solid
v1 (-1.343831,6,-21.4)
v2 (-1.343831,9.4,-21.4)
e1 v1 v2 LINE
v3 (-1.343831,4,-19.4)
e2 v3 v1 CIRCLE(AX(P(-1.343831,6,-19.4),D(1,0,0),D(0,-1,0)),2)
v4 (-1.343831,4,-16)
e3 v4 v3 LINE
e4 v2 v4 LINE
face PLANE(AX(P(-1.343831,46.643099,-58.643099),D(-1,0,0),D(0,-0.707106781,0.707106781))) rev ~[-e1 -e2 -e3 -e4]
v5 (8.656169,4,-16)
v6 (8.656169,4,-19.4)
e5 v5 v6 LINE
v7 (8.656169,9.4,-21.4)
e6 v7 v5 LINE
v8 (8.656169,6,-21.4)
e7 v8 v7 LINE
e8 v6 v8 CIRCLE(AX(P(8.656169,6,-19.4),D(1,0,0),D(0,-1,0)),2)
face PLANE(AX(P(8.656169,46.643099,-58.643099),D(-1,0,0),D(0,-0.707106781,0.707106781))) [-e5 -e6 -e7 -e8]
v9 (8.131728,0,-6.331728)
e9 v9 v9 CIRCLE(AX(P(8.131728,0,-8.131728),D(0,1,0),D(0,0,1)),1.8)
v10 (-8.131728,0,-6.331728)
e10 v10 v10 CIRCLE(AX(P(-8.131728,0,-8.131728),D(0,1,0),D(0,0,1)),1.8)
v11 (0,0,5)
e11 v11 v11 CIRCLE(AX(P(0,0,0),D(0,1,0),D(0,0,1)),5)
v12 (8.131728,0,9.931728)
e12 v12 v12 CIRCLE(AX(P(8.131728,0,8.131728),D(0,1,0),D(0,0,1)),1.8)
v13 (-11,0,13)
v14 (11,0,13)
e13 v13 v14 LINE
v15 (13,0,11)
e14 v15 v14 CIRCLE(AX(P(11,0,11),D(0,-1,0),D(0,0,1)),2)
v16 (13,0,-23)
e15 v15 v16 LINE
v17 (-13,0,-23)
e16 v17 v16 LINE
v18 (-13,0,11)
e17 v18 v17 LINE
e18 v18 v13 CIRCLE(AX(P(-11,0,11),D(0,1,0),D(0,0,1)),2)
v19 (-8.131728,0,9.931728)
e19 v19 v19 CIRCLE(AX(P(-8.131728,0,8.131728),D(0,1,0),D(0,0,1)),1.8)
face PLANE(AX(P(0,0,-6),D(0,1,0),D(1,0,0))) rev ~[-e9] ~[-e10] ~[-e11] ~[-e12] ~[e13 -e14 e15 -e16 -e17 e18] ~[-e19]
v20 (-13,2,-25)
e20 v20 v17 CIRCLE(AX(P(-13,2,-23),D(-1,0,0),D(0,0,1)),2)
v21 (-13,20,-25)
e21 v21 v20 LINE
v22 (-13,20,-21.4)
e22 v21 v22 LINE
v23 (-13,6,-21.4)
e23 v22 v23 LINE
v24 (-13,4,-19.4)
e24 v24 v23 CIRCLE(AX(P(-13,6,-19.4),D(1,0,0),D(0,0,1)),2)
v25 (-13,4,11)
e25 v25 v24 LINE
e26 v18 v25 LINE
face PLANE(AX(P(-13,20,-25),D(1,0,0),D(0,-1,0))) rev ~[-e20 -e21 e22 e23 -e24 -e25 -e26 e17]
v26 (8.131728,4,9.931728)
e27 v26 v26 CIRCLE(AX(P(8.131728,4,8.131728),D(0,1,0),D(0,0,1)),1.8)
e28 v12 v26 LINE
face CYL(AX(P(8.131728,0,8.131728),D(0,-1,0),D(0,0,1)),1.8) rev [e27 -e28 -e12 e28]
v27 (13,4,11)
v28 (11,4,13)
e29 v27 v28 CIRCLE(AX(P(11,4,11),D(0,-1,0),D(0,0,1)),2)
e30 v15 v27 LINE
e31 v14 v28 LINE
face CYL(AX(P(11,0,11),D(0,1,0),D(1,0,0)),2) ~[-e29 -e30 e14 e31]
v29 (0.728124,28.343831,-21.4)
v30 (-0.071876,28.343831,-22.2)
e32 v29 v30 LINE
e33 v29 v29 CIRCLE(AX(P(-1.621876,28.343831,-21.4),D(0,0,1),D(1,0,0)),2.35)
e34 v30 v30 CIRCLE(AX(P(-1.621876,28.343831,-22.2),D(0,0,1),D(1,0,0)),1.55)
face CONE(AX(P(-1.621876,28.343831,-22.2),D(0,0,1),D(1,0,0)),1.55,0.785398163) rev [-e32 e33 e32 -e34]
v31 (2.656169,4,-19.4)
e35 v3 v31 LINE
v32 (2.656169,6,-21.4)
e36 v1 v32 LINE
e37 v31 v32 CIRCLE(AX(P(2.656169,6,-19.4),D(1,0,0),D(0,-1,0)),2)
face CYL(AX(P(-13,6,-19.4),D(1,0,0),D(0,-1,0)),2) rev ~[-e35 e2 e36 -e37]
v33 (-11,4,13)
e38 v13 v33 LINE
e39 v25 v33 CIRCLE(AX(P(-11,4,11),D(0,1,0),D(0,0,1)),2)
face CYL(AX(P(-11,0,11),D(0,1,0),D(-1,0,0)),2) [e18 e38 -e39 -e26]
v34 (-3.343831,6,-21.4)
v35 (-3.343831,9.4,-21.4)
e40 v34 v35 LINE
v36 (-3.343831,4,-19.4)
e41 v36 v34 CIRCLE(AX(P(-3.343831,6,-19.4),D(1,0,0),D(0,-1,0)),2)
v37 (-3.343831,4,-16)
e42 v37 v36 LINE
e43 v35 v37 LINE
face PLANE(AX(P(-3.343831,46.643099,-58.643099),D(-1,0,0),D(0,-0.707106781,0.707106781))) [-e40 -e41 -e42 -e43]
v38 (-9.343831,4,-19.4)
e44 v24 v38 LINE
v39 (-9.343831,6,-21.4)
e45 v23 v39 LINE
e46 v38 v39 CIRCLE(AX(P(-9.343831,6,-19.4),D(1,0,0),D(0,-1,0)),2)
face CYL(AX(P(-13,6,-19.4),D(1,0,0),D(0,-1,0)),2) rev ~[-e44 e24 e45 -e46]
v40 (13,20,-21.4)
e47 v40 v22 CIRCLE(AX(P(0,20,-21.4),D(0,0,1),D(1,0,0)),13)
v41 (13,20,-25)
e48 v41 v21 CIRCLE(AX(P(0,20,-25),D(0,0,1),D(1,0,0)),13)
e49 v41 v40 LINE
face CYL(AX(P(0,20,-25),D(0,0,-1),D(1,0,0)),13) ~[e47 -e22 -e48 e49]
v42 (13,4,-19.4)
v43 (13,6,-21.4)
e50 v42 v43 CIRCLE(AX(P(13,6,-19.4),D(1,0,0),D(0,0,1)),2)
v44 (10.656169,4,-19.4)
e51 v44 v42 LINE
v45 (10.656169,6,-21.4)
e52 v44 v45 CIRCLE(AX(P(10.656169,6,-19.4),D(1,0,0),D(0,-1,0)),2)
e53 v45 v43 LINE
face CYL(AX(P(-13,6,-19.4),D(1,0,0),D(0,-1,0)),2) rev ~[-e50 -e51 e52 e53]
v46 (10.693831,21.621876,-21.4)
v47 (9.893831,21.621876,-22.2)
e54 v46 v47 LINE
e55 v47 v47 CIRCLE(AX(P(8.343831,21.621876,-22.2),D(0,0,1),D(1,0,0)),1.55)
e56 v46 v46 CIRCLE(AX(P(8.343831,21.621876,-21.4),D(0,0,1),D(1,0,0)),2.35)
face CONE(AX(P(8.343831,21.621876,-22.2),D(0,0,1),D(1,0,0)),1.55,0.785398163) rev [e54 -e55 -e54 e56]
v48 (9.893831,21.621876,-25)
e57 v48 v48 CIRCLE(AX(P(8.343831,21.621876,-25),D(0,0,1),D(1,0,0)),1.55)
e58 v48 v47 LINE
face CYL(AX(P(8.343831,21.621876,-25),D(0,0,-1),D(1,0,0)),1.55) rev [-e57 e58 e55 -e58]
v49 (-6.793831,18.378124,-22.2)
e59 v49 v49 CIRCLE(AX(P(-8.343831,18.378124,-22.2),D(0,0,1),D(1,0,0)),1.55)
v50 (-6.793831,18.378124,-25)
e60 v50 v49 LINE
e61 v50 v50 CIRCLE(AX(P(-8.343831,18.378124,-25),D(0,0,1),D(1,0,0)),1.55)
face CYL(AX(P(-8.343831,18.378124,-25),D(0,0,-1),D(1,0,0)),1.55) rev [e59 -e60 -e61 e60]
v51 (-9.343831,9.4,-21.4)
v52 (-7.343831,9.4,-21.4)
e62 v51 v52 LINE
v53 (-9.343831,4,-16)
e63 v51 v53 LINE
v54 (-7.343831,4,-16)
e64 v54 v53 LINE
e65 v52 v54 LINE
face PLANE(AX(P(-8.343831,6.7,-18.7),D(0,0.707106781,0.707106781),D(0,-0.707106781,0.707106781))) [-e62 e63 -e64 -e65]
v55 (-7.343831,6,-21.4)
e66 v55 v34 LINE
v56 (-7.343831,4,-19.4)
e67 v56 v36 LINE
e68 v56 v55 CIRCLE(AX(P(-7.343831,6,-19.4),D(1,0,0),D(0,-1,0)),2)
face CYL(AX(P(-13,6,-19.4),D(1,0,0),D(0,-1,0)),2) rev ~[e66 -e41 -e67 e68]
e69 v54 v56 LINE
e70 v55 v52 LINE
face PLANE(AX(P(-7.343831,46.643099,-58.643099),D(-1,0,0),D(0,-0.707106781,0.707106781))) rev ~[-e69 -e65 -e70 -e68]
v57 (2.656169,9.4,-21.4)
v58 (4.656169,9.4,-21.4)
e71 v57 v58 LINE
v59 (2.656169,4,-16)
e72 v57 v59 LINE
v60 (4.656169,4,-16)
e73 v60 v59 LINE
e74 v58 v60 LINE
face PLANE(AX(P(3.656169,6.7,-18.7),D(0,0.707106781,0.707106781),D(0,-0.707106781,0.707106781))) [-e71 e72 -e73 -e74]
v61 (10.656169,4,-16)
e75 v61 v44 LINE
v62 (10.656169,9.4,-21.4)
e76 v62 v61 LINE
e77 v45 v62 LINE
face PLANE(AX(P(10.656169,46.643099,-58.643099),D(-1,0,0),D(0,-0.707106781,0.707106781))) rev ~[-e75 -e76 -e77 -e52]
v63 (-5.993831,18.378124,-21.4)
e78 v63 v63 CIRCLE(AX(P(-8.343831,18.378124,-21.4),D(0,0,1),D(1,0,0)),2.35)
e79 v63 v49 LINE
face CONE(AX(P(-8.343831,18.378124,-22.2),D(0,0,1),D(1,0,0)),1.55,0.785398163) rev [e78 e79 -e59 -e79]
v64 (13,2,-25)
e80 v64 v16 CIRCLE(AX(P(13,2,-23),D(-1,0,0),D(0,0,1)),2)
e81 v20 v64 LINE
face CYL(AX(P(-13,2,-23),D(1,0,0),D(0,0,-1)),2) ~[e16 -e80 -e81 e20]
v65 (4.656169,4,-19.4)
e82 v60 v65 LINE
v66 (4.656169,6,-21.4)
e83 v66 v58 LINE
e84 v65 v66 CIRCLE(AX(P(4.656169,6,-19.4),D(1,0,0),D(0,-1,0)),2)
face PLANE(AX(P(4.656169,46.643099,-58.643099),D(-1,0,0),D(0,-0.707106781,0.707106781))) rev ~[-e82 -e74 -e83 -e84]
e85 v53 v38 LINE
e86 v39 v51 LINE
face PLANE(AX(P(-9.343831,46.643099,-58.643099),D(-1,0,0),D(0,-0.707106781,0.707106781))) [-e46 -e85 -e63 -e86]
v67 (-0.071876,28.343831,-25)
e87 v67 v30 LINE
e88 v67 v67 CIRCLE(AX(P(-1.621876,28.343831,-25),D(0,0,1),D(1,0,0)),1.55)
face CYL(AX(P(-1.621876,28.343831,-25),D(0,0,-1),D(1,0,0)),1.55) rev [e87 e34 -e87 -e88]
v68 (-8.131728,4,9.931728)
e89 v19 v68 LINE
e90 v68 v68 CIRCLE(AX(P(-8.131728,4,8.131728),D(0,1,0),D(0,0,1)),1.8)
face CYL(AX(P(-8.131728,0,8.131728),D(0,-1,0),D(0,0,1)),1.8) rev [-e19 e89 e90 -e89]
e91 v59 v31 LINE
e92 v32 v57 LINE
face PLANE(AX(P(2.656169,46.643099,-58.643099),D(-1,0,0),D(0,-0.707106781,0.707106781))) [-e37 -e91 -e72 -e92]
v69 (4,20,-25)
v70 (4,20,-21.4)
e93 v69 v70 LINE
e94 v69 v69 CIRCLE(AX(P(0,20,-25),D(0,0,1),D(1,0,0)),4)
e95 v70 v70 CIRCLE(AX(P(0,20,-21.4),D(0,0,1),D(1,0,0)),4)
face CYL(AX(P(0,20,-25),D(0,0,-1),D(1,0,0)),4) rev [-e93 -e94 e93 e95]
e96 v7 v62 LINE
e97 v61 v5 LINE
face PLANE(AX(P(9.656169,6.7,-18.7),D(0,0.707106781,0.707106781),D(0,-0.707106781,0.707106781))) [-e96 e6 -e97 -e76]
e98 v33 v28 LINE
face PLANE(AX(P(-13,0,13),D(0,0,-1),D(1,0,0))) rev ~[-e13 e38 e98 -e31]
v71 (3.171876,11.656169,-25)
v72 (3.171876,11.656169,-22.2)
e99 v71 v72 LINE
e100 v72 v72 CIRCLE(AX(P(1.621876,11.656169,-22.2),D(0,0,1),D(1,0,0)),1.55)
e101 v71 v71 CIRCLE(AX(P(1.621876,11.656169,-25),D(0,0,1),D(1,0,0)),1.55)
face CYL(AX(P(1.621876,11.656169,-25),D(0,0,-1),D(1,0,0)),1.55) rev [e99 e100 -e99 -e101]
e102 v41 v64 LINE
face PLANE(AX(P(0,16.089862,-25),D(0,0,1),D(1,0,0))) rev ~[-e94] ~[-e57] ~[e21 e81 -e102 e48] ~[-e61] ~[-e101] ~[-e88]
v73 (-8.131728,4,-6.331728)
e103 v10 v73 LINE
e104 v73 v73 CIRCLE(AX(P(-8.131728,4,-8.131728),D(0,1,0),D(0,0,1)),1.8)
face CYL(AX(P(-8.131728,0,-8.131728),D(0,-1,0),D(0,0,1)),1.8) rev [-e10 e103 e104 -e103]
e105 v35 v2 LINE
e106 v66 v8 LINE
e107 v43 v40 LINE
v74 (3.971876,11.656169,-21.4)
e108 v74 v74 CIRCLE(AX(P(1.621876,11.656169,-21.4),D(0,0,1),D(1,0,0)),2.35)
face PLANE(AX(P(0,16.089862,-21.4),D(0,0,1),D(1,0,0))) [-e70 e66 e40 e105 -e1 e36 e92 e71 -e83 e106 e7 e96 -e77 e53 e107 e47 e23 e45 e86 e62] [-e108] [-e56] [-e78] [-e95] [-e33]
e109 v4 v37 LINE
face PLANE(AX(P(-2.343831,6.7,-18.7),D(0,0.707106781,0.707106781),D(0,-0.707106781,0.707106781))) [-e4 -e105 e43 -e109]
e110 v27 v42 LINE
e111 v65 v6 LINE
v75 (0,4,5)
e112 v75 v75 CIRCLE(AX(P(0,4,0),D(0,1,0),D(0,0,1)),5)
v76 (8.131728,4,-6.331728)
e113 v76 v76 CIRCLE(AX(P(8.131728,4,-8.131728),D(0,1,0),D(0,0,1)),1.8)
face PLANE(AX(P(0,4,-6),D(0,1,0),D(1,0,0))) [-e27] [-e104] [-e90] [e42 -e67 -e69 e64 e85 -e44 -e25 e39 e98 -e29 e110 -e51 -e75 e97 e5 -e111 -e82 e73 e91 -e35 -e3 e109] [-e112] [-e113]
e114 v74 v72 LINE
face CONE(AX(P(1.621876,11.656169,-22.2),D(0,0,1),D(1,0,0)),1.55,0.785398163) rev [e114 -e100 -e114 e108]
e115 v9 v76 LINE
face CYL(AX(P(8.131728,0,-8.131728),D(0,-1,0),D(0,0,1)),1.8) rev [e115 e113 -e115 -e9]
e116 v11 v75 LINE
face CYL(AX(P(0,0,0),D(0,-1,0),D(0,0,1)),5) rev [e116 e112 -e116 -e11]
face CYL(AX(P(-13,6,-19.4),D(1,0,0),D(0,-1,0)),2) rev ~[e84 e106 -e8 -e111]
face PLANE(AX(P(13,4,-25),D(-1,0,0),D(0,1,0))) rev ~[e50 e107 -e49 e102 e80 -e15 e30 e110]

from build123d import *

# Parameters (mm, degrees)
SKETCH_2_W             = 26
SKETCH_2_H             = 38
SKETCH_2_R             = 1.8
SKETCH_2_R_2           = 5
EXTRUDE_1_DEPTH        = 4
EXTRUDE_START          = -25
SKETCH_3_R             = 4
SKETCH_3_R_2           = 1.55
EXTRUDE_2_DEPTH        = 3.6
FILLET_1_R             = 2
RIB_1_REACH            = 48.579
SKETCH_4_WALL_W        = 112.976143744
SKETCH_4_WALL_H        = 2
PATTERN_LINEAR_1_COUNT = 4
PATTERN_LINEAR_1_PITCH = 6
CHAMFER_1_SIZE         = 0.8


with BuildPart() as part:
    # 草图2 → 凸台-拉伸1 (new body)
    with BuildSketch(Plane(origin=(0, 0, 0), x_dir=(1, 0, 0), z_dir=(0, 1, 0))):
        with Locations((0, 6)):
            Rectangle(SKETCH_2_W, SKETCH_2_H)
        with Locations(Location((-8.131727984, 8.131727984, 0), (0, 0, 270))):
            Circle(SKETCH_2_R, mode=Mode.SUBTRACT)
        with Locations(Location((8.131727984, 8.131727984, 0), (0, 0, 270))):
            Circle(SKETCH_2_R, mode=Mode.SUBTRACT)
        with Locations(Location((8.131727984, -8.131727984, 0), (0, 0, 270))):
            Circle(SKETCH_2_R, mode=Mode.SUBTRACT)
        with Locations(Location((-8.131727984, -8.131727984, 0), (0, 0, 270))):
            Circle(SKETCH_2_R, mode=Mode.SUBTRACT)
        with Locations(Location((0, 0, 0), (0, 0, 270))):
            Circle(SKETCH_2_R_2, mode=Mode.SUBTRACT)
    extrude(amount=EXTRUDE_1_DEPTH)

    # 草图3 → 凸台-拉伸2 (add)
    with BuildSketch(Plane.XY.offset(EXTRUDE_START)):
        with BuildLine():
            Line((-13, 20), (-13, 4))
            Line((-13, 4), (13, 4))
            Line((13, 4), (13, 20))
            ThreePointArc((13, 20), (0, 33), (-13, 20))
        make_face()
        with Locations((0, 20)):
            Circle(SKETCH_3_R, mode=Mode.SUBTRACT)
        with Locations((-1.621876461, 28.343831059)):
            Circle(SKETCH_3_R_2, mode=Mode.SUBTRACT)
        with Locations((8.343831059, 21.621876461)):
            Circle(SKETCH_3_R_2, mode=Mode.SUBTRACT)
        with Locations((1.621876461, 11.656168941)):
            Circle(SKETCH_3_R_2, mode=Mode.SUBTRACT)
        with Locations((-8.343831059, 18.378123539)):
            Circle(SKETCH_3_R_2, mode=Mode.SUBTRACT)
    extrude(amount=EXTRUDE_2_DEPTH)

    # 圆角1
    fillet_1_edges = [part.edges().sort_by_distance(p)[0] for p in [
        (0, 4, -21.4),
        (0, 0, -25),
        (13, 2, 13),
        (-13, 2, 13),
    ]]
    fillet(fillet_1_edges, radius=FILLET_1_R)

    # 草图4 wall → 筋1 (add, up to next)
    with BuildSketch(Plane(origin=(-8.343831059, 6.7, -18.7), x_dir=(0, -0.707106781187, 0.707106781187), z_dir=(0, 0.707106781187, 0.707106781187)), mode=Mode.PRIVATE) as rib_1_sk1:
        Rectangle(SKETCH_4_WALL_W, SKETCH_4_WALL_H)
    rib_1_tool1 = extrude(rib_1_sk1.sketch, amount=-RIB_1_REACH, mode=Mode.PRIVATE) - part.part
    rib_1 = rib_1_tool1.solids().sort_by_distance((-8.343831059, 6.7, -18.7))[0]
    add(rib_1)

    # 阵列(线性)1: 筋1 ×4
    with Locations(*[(i * PATTERN_LINEAR_1_PITCH, 0, 0) for i in range(1, PATTERN_LINEAR_1_COUNT)]):
        add(rib_1)

    # 倒角1
    chamfer_1_edges = [part.edges().sort_by_distance(p)[0] for p in [
        (6.793831059, 21.621876461, -21.4),
        (0.071876461, 11.656168941, -21.4),
        (-3.171876461, 28.343831059, -21.4),
        (-9.893831059, 18.378123539, -21.4),
    ]]
    chamfer(chamfer_1_edges, length=CHAMFER_1_SIZE)


solid = part.part
